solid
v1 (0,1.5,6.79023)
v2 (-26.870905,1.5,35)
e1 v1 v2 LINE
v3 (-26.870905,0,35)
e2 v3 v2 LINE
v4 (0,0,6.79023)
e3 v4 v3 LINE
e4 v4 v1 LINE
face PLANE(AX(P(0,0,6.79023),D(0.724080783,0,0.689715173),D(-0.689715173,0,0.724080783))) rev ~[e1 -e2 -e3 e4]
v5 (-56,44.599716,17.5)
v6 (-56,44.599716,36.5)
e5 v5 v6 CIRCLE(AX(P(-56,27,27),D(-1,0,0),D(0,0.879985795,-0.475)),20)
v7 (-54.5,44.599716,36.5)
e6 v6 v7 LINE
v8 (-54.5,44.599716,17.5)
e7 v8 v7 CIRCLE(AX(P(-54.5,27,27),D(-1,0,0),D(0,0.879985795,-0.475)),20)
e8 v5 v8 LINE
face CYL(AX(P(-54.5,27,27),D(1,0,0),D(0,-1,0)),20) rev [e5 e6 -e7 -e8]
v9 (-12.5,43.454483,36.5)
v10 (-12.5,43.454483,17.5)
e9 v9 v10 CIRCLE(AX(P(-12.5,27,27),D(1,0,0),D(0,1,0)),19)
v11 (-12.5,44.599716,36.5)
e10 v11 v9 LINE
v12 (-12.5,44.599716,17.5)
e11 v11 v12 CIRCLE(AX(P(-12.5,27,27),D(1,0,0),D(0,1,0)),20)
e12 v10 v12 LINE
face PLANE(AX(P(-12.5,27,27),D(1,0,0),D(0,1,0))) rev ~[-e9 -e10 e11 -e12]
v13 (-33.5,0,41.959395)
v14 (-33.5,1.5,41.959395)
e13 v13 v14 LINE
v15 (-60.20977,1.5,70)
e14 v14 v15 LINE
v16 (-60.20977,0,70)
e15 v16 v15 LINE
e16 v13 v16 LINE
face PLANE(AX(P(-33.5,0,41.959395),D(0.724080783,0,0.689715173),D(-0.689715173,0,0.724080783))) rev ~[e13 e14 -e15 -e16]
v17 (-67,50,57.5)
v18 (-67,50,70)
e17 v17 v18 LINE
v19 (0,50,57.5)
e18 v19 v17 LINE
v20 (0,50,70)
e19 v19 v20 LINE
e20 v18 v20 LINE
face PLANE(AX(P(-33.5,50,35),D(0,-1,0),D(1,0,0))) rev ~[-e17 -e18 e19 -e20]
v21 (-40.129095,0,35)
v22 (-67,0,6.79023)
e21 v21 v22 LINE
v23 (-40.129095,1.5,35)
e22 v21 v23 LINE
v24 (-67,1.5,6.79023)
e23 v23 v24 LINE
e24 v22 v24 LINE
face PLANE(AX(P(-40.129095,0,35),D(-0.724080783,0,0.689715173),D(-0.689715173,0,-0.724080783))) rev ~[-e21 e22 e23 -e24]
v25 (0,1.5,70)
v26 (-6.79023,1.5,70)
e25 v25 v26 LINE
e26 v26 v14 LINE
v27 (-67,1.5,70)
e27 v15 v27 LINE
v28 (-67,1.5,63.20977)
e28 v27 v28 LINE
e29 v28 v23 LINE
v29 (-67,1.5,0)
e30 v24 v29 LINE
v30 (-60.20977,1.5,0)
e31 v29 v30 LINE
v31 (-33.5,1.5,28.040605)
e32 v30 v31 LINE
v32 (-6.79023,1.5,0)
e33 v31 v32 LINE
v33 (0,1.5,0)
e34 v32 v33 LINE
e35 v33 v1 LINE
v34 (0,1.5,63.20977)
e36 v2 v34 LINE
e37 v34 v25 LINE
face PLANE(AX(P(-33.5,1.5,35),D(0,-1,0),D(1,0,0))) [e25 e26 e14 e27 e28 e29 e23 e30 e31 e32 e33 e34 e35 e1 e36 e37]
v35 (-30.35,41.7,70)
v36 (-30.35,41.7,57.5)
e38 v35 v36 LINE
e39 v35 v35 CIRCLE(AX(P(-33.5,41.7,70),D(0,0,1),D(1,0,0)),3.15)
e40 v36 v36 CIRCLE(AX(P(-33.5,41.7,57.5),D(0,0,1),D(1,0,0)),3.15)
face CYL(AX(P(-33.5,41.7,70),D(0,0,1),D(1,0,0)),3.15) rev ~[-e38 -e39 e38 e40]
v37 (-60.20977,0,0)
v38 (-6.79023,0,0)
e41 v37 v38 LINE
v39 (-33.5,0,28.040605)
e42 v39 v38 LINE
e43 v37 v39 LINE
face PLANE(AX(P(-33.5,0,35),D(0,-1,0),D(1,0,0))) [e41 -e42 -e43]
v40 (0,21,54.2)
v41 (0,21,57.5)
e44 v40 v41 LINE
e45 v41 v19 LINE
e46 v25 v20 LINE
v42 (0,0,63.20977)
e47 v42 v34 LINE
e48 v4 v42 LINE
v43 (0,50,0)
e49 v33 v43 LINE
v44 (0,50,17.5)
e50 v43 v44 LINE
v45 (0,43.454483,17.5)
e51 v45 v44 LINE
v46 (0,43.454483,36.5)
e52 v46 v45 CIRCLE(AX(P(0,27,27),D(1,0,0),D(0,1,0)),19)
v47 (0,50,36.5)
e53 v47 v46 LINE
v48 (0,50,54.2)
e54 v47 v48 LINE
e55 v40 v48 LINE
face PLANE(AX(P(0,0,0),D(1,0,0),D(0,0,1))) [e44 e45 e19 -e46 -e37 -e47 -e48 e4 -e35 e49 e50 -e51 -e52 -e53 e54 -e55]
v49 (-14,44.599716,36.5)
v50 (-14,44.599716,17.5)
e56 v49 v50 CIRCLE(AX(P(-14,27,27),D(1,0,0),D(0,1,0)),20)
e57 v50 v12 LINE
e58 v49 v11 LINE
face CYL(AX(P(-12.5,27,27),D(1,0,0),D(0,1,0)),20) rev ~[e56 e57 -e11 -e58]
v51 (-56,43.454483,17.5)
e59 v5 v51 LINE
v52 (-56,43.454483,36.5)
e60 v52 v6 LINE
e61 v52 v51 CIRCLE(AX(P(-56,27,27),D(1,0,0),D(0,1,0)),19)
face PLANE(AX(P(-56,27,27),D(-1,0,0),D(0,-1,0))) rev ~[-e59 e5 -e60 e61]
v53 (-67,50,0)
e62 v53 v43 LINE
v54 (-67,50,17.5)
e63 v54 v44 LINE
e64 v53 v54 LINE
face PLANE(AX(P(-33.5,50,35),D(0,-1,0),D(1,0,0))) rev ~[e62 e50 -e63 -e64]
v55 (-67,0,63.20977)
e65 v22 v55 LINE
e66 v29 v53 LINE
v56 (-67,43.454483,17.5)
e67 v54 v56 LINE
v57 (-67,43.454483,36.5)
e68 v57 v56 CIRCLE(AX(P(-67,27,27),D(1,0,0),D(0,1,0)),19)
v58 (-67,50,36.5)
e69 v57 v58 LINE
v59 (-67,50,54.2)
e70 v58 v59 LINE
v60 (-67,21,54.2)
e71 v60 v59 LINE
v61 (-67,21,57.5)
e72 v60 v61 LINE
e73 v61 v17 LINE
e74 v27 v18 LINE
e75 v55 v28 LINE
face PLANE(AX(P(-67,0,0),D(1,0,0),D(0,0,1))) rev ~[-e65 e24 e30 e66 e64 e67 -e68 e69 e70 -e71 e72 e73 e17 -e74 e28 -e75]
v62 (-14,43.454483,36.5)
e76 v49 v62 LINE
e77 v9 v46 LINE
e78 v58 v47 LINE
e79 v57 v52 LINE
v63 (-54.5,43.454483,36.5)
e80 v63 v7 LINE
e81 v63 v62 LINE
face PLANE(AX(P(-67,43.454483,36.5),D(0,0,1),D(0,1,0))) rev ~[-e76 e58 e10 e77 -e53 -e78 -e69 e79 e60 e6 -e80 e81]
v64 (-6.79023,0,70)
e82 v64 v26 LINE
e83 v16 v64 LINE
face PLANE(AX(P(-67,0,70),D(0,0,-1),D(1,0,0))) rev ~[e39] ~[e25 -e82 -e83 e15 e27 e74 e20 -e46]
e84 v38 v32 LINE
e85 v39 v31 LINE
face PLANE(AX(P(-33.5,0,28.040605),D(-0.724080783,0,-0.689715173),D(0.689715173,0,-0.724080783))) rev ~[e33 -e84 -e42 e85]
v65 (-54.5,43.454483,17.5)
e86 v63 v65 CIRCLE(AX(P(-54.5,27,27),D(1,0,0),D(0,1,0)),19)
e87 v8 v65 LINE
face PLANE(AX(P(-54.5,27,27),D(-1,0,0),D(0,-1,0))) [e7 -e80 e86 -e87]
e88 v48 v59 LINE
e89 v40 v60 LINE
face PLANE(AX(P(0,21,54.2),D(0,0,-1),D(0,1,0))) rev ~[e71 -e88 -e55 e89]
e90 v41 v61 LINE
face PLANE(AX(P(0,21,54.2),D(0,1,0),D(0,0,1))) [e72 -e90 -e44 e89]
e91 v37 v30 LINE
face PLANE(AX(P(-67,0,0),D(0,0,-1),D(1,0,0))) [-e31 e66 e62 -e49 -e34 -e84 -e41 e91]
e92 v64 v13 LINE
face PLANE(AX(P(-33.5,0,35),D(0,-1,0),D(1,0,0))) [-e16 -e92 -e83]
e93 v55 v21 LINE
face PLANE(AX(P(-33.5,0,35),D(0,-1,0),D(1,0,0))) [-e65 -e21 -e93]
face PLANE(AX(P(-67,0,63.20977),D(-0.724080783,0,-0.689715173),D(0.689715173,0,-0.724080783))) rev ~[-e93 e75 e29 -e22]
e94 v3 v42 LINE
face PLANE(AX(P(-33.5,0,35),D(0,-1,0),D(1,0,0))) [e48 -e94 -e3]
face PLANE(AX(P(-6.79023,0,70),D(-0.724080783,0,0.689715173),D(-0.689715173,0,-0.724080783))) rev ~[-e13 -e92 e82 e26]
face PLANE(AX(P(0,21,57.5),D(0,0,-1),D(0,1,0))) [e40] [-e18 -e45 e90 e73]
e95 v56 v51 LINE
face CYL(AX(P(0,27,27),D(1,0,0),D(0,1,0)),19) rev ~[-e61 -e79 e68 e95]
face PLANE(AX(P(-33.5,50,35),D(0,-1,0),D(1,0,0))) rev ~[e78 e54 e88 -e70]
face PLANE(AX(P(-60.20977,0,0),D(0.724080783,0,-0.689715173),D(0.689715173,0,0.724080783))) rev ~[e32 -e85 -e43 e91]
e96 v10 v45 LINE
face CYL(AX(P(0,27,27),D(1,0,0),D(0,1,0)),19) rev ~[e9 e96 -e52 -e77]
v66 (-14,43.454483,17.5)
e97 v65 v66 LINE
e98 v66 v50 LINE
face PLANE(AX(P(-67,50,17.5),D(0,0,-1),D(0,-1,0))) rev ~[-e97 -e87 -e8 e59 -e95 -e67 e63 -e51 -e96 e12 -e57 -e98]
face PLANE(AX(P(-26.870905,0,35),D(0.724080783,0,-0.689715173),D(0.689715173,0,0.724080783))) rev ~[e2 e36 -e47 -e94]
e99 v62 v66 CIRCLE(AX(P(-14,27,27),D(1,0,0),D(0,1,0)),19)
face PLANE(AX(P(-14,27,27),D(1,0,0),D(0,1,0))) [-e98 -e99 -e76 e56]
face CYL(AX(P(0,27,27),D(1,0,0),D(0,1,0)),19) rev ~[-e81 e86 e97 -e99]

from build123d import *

# Parameters (mm, degrees)
F0_W      = 67
F0_H      = 70
F1_DEPTH  = 50
F3_DEPTH  = 1.5
F4_R      = 19
F5_DEPTH  = 67.001
F7_W      = 29
F7_H      = 3.3
F8_DEPTH  = 67.001
F6_R      = 3.15
F9_DEPTH  = 12.5
F11_R     = 20
F12_DEPTH = 1.5
F14_R     = 20
F15_DEPTH = 1.5
F17_DEPTH = 67.001


with BuildPart() as f1:
    # F0 (on Front) → F1 (new body)
    with BuildSketch(Plane.XZ):
        with Locations((-33.5, 35)):
            Rectangle(F0_W, F0_H)
    extrude(amount=-F1_DEPTH)

    # F2 (on face) → F3 (cut)
    with BuildSketch(Plane.XZ):
        Polygon((-67, 6.7902302028), (-67, 0), (-60.2097697972, 0), (-33.5, 28.0406054683), (-6.7902302028, 0), (0, 0), (0, 6.7902302028), (-26.870905415, 35), (0, 63.2097697972), (0, 70), (-6.7902302028, 70), (-33.5, 41.9593945317), (-60.2097697972, 70), (-67, 70), (-67, 63.2097697972), (-40.129094585, 35), align=None)
    extrude(amount=-F3_DEPTH, mode=Mode.SUBTRACT)

    # F4 (on face) → F5 (cut, through all)
    with BuildSketch(Plane.YZ):
        with Locations((27, 27)):
            Circle(F4_R)
    extrude(amount=-F5_DEPTH, mode=Mode.SUBTRACT)

    # F7 (on face) → F8 (cut, through all)
    with BuildSketch(Plane.YZ):
        with Locations((35.5, 55.85)):
            Rectangle(F7_W, F7_H)
    extrude(amount=-F8_DEPTH, mode=Mode.SUBTRACT)

    # F6 (on face) → F9 (cut, through all)
    with BuildSketch(Plane.XY.offset(70)):
        with Locations((-33.5, 41.7)):
            Circle(F6_R)
    extrude(amount=-F9_DEPTH, mode=Mode.SUBTRACT)

    # F11 (on offset) → F12 (cut)
    with BuildSketch(Plane.YZ.offset(-12.5)):
        with Locations((27, 27)):
            Circle(F11_R)
    extrude(amount=-F12_DEPTH, mode=Mode.SUBTRACT)

    # F14 (on offset) → F15 (cut)
    with BuildSketch(Plane(origin=(-54.5, 0, 0), x_dir=(0, -1, 0), z_dir=(-1, 0, 0))):
        with Locations((-27, 27)):
            Circle(F14_R)
    extrude(amount=F15_DEPTH, mode=Mode.SUBTRACT)

    # F16 (on face) → F17 (cut, through all)
    with BuildSketch(Plane(origin=(-67, 0, 0), x_dir=(0, -1, 0), z_dir=(-1, 0, 0))):
        with BuildLine():
            Line((-43.4544826719, 36.5), (-50, 36.5))
            Line((-50, 36.5), (-50, 17.5))
            Line((-50, 17.5), (-43.4544826719, 17.5))
            ThreePointArc((-43.4544826719, 17.5), (-46, 27), (-43.4544826719, 36.5))
        make_face()
    extrude(amount=-F17_DEPTH, mode=Mode.SUBTRACT)


solid = f1.part
